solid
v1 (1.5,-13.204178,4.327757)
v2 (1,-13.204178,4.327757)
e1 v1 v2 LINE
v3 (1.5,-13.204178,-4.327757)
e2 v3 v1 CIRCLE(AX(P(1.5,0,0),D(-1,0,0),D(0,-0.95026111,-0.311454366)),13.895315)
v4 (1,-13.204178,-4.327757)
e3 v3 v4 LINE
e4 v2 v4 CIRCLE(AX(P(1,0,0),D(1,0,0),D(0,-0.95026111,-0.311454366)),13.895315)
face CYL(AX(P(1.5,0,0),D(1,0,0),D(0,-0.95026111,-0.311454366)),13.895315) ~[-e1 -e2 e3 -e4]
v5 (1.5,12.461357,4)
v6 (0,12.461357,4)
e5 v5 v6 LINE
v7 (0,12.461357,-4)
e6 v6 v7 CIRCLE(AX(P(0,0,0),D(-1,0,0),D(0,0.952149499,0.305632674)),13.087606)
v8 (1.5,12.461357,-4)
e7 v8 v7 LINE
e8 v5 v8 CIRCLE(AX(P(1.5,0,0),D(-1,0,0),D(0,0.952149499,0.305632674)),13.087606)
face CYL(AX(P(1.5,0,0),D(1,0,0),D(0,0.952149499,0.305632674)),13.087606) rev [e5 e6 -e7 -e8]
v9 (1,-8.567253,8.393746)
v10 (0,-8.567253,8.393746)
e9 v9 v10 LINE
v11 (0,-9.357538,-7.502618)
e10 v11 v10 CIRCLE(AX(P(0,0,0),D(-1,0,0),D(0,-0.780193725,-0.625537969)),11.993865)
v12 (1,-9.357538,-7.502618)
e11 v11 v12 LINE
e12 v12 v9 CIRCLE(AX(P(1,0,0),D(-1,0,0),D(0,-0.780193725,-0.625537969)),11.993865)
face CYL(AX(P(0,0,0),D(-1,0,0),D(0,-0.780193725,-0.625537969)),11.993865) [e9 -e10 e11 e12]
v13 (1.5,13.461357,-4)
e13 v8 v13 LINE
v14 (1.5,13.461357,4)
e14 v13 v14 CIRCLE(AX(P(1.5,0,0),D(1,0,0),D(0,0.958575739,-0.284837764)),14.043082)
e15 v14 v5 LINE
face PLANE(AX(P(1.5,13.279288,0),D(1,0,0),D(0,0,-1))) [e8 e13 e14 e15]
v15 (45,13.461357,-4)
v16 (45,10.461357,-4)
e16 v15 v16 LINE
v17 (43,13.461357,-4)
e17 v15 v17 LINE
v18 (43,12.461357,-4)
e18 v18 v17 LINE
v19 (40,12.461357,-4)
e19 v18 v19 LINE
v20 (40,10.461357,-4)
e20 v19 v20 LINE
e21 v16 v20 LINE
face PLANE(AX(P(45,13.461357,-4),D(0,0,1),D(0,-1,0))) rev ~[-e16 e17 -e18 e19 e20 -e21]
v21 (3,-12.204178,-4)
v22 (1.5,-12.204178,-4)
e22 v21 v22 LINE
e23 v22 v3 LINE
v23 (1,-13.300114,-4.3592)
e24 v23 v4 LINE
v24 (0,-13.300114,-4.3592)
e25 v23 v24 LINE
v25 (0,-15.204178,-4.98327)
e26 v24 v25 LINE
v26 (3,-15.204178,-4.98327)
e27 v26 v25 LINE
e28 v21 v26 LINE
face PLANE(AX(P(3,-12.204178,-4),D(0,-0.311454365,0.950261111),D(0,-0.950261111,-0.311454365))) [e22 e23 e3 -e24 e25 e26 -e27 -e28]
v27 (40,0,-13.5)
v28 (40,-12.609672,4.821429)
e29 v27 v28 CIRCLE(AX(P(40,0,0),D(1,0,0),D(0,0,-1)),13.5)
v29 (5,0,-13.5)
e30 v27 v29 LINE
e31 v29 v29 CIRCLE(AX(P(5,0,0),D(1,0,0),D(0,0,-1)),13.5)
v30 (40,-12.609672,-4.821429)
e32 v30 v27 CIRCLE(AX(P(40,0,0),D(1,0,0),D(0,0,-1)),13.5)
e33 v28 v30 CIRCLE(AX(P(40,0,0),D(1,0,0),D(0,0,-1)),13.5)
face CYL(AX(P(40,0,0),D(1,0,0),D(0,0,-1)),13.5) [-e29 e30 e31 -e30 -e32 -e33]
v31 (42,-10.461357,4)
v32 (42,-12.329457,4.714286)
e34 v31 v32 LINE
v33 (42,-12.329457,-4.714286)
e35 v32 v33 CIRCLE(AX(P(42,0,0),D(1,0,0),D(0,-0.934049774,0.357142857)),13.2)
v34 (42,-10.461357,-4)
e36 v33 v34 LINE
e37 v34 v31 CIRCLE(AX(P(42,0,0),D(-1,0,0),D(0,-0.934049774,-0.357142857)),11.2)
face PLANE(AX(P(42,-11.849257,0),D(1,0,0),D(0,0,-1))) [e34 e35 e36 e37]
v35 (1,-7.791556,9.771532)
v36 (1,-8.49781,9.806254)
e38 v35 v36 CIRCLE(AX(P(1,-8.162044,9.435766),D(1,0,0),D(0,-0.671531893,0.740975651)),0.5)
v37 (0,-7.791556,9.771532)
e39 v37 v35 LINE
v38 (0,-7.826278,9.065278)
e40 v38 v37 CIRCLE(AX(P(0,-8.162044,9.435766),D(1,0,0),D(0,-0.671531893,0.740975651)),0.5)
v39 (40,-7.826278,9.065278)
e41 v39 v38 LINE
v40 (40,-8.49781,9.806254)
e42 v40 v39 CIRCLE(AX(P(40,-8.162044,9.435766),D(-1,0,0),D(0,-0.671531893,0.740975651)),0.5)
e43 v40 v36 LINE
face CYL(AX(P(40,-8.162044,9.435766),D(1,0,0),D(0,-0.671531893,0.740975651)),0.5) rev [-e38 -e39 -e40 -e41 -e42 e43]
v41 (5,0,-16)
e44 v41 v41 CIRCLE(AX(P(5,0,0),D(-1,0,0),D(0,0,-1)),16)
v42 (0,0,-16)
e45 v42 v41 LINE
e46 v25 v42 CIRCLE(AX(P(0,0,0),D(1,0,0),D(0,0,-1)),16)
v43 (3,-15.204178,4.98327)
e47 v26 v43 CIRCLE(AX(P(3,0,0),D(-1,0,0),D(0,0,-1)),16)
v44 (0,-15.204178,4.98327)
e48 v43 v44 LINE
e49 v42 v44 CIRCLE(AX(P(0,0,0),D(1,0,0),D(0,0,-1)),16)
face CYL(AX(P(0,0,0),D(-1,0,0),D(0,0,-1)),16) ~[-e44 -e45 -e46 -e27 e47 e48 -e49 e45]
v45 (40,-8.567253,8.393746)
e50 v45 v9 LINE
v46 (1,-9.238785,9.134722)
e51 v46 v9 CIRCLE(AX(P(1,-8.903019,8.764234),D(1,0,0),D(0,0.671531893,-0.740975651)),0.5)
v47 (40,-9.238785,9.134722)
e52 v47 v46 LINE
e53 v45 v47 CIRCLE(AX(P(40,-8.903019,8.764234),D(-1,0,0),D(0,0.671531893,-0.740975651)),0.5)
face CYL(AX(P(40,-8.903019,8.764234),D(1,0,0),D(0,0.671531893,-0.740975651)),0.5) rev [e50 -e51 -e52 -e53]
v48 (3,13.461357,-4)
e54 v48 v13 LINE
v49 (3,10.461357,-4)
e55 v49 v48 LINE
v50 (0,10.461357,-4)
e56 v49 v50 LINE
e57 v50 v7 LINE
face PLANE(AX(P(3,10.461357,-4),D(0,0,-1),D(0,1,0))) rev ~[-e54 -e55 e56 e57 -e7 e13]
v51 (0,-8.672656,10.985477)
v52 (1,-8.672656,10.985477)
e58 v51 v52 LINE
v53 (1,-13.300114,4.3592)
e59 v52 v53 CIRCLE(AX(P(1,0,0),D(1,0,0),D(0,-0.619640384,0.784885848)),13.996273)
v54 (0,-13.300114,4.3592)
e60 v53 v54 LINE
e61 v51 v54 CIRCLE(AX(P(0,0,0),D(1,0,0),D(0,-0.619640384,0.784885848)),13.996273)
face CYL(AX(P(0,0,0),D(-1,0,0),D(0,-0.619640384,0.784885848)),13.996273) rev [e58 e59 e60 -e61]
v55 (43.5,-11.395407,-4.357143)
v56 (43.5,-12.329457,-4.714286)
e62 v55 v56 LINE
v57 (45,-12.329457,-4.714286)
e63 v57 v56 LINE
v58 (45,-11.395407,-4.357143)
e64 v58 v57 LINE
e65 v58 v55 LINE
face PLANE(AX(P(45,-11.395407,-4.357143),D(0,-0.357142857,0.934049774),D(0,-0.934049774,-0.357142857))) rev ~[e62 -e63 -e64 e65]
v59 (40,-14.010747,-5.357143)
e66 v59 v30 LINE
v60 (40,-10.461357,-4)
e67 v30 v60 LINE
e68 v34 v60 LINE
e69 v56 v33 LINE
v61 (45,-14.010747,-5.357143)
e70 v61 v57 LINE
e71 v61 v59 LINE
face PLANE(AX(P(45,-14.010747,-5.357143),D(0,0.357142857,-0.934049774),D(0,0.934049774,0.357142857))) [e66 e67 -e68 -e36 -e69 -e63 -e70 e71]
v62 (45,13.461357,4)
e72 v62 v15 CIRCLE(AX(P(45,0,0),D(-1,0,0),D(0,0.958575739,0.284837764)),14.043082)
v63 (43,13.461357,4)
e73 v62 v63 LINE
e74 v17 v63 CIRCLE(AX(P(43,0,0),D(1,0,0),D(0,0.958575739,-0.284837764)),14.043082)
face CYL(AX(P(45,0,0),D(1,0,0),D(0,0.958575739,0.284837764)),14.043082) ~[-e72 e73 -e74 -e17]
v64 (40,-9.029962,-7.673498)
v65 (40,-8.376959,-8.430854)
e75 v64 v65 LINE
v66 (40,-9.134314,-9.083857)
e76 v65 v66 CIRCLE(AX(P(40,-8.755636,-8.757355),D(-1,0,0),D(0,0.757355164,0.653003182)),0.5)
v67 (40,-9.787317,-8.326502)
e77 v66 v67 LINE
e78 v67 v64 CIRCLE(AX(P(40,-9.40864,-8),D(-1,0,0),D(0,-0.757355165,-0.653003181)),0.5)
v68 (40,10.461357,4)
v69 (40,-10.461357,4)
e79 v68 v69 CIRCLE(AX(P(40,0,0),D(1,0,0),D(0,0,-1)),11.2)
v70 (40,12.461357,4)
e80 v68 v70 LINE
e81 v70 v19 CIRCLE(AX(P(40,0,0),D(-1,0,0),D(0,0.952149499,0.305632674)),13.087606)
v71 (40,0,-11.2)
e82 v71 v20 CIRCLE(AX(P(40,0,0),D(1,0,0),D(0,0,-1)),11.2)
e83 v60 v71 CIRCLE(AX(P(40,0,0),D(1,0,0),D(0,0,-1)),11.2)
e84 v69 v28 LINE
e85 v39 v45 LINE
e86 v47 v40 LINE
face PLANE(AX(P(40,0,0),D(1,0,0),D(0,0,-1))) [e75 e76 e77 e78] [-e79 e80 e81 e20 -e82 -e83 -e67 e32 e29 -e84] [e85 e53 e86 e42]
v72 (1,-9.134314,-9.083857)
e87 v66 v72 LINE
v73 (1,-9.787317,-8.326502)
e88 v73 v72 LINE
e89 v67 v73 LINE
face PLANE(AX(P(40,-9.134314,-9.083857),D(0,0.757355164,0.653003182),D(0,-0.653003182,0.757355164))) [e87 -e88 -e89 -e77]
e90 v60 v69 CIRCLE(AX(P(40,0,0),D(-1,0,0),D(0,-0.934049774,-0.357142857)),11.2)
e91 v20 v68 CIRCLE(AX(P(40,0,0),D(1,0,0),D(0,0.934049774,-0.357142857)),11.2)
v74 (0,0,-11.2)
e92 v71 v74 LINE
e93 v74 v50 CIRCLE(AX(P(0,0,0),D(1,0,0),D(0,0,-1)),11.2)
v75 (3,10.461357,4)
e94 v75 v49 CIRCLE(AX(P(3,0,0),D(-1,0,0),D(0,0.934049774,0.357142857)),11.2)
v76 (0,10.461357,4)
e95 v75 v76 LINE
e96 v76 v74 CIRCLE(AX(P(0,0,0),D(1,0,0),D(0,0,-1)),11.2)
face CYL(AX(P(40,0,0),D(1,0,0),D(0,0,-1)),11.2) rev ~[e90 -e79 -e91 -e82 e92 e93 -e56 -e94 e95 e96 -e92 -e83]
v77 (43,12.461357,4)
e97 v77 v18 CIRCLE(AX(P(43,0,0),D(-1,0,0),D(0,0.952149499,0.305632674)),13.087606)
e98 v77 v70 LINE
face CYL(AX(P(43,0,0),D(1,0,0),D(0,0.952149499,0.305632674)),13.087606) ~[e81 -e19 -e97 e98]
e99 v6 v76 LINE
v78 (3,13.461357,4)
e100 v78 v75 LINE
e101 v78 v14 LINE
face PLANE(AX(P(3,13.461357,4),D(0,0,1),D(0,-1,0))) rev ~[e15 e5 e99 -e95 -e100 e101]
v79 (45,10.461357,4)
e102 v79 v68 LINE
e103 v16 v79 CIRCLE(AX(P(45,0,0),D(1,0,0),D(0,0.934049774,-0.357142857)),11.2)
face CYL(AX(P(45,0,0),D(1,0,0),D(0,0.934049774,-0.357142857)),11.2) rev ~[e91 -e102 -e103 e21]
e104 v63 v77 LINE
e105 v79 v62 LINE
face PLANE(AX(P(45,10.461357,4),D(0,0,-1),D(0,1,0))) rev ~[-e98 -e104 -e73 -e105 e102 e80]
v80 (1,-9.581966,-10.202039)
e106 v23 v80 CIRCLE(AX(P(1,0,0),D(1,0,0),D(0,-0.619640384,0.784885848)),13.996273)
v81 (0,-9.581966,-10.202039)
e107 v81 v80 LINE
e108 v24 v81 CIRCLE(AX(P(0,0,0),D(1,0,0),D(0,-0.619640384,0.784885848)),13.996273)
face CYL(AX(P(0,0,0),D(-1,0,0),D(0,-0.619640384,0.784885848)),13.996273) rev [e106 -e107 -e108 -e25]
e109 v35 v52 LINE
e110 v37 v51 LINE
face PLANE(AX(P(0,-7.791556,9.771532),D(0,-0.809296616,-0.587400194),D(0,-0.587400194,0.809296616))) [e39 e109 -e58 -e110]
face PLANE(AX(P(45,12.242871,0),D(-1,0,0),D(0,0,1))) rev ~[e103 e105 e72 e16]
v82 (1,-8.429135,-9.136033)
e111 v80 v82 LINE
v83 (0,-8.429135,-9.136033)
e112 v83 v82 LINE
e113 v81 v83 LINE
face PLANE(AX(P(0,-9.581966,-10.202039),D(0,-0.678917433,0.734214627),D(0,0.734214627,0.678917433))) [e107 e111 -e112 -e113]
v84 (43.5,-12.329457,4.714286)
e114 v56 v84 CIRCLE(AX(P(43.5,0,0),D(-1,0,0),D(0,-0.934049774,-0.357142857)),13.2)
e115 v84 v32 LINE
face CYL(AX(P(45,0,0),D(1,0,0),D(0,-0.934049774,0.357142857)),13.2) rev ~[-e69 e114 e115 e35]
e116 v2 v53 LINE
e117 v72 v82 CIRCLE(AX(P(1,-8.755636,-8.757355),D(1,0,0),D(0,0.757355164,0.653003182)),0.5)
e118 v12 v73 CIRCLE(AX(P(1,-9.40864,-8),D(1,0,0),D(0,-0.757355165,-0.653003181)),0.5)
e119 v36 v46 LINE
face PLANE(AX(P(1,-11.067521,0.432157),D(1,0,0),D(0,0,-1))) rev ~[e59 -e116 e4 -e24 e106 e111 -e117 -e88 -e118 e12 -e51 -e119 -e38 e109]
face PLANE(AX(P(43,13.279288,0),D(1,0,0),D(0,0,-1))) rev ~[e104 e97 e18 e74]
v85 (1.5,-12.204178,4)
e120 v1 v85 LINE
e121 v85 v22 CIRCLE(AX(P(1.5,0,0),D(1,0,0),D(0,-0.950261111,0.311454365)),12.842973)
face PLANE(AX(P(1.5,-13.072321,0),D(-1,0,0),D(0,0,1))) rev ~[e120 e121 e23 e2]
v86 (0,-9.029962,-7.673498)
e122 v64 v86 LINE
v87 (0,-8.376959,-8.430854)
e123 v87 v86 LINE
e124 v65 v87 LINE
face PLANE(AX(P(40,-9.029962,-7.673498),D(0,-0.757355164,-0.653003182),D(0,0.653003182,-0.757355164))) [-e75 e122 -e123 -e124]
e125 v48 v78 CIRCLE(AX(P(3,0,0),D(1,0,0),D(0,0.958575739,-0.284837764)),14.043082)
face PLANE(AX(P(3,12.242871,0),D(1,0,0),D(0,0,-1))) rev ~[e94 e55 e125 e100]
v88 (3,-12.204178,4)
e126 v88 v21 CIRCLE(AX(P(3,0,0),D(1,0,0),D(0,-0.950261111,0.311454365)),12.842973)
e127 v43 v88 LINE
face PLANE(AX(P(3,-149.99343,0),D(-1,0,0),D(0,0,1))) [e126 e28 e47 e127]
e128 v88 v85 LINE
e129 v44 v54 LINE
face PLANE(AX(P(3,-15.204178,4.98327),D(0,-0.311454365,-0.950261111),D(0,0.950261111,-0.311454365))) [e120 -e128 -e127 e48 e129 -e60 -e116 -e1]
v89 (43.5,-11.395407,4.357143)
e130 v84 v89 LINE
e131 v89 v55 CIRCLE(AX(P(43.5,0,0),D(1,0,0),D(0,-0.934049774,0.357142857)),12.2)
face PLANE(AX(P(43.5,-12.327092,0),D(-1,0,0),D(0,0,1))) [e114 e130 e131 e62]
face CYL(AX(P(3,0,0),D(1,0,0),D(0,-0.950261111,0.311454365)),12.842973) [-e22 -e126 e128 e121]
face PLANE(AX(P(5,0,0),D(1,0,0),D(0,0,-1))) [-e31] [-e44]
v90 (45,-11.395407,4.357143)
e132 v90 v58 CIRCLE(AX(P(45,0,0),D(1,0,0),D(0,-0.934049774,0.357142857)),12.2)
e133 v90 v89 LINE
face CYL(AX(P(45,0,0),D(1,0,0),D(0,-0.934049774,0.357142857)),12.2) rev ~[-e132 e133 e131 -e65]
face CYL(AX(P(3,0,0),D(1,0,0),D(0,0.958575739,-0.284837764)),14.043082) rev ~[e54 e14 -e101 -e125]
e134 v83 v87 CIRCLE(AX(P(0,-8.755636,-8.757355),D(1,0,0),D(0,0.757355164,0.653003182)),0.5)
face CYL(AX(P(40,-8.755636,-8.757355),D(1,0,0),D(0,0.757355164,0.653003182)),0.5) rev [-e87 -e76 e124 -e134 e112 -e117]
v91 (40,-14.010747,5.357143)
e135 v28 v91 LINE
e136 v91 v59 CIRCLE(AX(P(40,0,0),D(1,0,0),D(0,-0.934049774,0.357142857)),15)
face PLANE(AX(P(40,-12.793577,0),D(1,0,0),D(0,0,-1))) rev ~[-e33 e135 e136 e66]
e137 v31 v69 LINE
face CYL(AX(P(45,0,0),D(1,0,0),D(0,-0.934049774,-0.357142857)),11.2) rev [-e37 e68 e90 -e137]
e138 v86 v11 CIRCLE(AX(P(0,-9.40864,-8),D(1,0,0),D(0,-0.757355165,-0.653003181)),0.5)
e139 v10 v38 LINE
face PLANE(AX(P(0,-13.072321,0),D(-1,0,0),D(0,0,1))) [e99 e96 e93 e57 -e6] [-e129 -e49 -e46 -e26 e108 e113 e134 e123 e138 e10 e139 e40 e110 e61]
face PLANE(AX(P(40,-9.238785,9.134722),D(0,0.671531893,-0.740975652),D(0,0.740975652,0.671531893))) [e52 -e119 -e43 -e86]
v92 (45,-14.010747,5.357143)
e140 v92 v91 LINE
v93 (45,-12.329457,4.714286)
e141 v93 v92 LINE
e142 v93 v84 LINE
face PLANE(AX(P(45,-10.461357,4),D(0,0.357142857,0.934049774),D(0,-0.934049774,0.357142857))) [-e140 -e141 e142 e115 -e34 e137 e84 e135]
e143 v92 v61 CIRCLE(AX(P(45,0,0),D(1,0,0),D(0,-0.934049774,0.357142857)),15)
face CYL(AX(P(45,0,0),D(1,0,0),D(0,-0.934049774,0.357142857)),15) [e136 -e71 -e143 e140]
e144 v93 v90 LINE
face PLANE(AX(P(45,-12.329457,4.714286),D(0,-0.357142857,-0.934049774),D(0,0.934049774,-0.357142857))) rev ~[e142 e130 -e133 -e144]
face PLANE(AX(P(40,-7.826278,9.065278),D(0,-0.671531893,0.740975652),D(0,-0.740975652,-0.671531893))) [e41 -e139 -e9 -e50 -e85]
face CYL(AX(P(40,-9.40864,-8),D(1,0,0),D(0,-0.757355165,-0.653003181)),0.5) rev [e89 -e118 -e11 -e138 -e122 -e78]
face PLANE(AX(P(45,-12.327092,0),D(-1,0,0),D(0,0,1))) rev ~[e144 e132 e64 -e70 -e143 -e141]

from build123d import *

# Parameters (mm, degrees)
SKETCH1_R               = 16
BOSS_EXTRUDE1_DEPTH     = 40
SKETCH2_R               = 11.2
CUT_EXTRUDE1_DEPTH      = 46.956501172
SKETCH3_OUTSIDE_W       = 46.08
SKETCH3_OUTSIDE_H       = 46.08
SKETCH3_OUTSIDE_R       = 13.5
CUT_EXTRUDE2_DEPTH      = 35
CUT_EXTRUDE3_START      = -3
CUT_EXTRUDE3_DEPTH      = 3
CUT_EXTRUDE9_DEPTH      = 46.956501172
CUT_EXTRUDE9_DEPTH_BACK = 3
BOSS_EXTRUDE3_START     = -1.5
BOSS_EXTRUDE3_DEPTH     = 1.5
BOSS_EXTRUDE4_START     = 5
BOSS_EXTRUDE4_DEPTH     = 5
CUT_EXTRUDE10_START     = 3
CUT_EXTRUDE10_DEPTH     = 3
CUT_EXTRUDE11_DEPTH     = 3
BOSS_EXTRUDE5_DEPTH     = 1.5
CUT_EXTRUDE12_DEPTH     = 46.956501172
CUT_EXTRUDE13_DEPTH     = 1


with BuildPart() as part:
    # Sketch1 → Boss-Extrude1 (new body)
    with BuildSketch(Plane(origin=(0, 0, 0), x_dir=(0, 0, -1), z_dir=(1, 0, 0))):
        Circle(SKETCH1_R)
    extrude(amount=BOSS_EXTRUDE1_DEPTH)

    # Sketch2 → Cut-Extrude1 (cut, through all)
    with BuildSketch(Plane(origin=(40, 0, 0), x_dir=(0, 0, -1), z_dir=(1, 0, 0))):
        Circle(SKETCH2_R)
    extrude(amount=-CUT_EXTRUDE1_DEPTH, mode=Mode.SUBTRACT)

    # Sketch3 outside → Cut-Extrude2 (cut)
    with BuildSketch(Plane(origin=(40, 0, 0), x_dir=(0, 0, -1), z_dir=(1, 0, 0))):
        Rectangle(SKETCH3_OUTSIDE_W, SKETCH3_OUTSIDE_H)
        Circle(SKETCH3_OUTSIDE_R, mode=Mode.SUBTRACT)
    extrude(amount=-CUT_EXTRUDE2_DEPTH, mode=Mode.SUBTRACT)

    # Sketch4 → Cut-Extrude3 (cut)
    with BuildSketch(Plane.ZY.offset(CUT_EXTRUDE3_START)):
        with BuildLine():
            Line((-4, 10.461357464), (-4, 13.461357464))
            ThreePointArc((-4, 13.461357464), (0, 14.043081741), (4, 13.461357464))
            Line((4, 13.461357464), (4, 10.461357464))
            ThreePointArc((4, 10.461357464), (0, 11.2), (-4, 10.461357464))
        make_face()
    extrude(amount=CUT_EXTRUDE3_DEPTH, mode=Mode.SUBTRACT)

    # Sketch11 → Cut-Extrude9 (cut, two sides: drawn at the far end of the back side and taken through both)
    with BuildSketch(Plane.ZY.offset(-CUT_EXTRUDE9_DEPTH_BACK)):
        with BuildLine():
            Line((31.521155816, -96.172447268), (4.983269846, -15.204177769))
            Line((4.983269846, -15.204177769), (4, -12.204177769))
            ThreePointArc((4, -12.204177769), (0, -12.842972982), (-4, -12.204177769))
            Line((-4, -12.204177769), (-4.983269846, -15.204177769))
            Line((-4.983269846, -15.204177769), (-31.521155816, -96.172447268))
            Line((-31.521155816, -96.172447268), (-31.521155816, -266.585123526))
            Line((-31.521155816, -266.585123526), (31.521155816, -266.585123526))
            Line((31.521155816, -266.585123526), (31.521155816, -96.172447268))
        make_face()
    extrude(amount=CUT_EXTRUDE9_DEPTH + CUT_EXTRUDE9_DEPTH_BACK, mode=Mode.SUBTRACT)

    # Sketch15 → Boss-Extrude3 (add)
    with BuildSketch(Plane.ZY.offset(BOSS_EXTRUDE3_START)):
        with BuildLine():
            Line((-4, -12.204177769), (-4.327756615, -13.204177769))
            ThreePointArc((-4.327756615, -13.204177769), (0, -13.895315322), (4.327756615, -13.204177769))
            Line((4.327756615, -13.204177769), (4, -12.204177769))
            ThreePointArc((4, -12.204177769), (0, -12.842972982), (-4, -12.204177769))
        make_face()
        with BuildLine():
            Line((-4, 12.461357464), (-4, 13.461357464))
            ThreePointArc((-4, 13.461357464), (0, 14.043081741), (4, 13.461357464))
            Line((4, 13.461357464), (4, 12.461357464))
            ThreePointArc((4, 12.461357464), (0, 13.087605964), (-4, 12.461357464))
        make_face()
    extrude(amount=BOSS_EXTRUDE3_DEPTH)

    # Sketch16 → Boss-Extrude4 (add)
    with BuildSketch(Plane(origin=(40, 0, 0), x_dir=(0, 0, -1), z_dir=(1, 0, 0)).offset(BOSS_EXTRUDE4_START)):
        with BuildLine():
            Line((-4, 10.461357464), (-4, 13.461357464))
            ThreePointArc((-4, 13.461357464), (0, 14.043081741), (4, 13.461357464))
            Line((4, 13.461357464), (4, 10.461357464))
            ThreePointArc((4, 10.461357464), (0, 11.2), (-4, 10.461357464))
        make_face()
        with BuildLine():
            Line((-4, -10.461357464), (-5.357142857, -14.010746604))
            ThreePointArc((-5.357142857, -14.010746604), (0, -15), (5.357142857, -14.010746604))
            Line((5.357142857, -14.010746604), (4, -10.461357464))
            ThreePointArc((4, -10.461357464), (0, -11.2), (-4, -10.461357464))
        make_face()
    extrude(amount=-BOSS_EXTRUDE4_DEPTH)

    # Sketch17 → Cut-Extrude10 (cut)
    with BuildSketch(Plane(origin=(40, 0, 0), x_dir=(0, 0, -1), z_dir=(1, 0, 0)).offset(CUT_EXTRUDE10_START)):
        with BuildLine():
            Line((-4, 13.461357464), (-4, 12.461357464))
            ThreePointArc((-4, 12.461357464), (0, 13.087605964), (4, 12.461357464))
            Line((4, 12.461357464), (4, 13.461357464))
            ThreePointArc((4, 13.461357464), (0, 14.043081741), (-4, 13.461357464))
        make_face()
    extrude(amount=-CUT_EXTRUDE10_DEPTH, mode=Mode.SUBTRACT)

    # Sketch18 → Cut-Extrude11 (cut)
    with BuildSketch(Plane(origin=(45, 0, 0), x_dir=(0, 0, -1), z_dir=(1, 0, 0))):
        with BuildLine():
            Line((-4, -10.461357464), (-4.714285714, -12.329457012))
            ThreePointArc((-4.714285714, -12.329457012), (0, -13.2), (4.714285714, -12.329457012))
            Line((4.714285714, -12.329457012), (4, -10.461357464))
            ThreePointArc((4, -10.461357464), (0, -11.2), (-4, -10.461357464))
        make_face()
    extrude(amount=-CUT_EXTRUDE11_DEPTH, mode=Mode.SUBTRACT)

    # Sketch21 → Boss-Extrude5 (add)
    with BuildSketch(Plane(origin=(45, 0, 0), x_dir=(0, 0, -1), z_dir=(1, 0, 0))):
        with BuildLine():
            Line((-4.714285714, -12.329457012), (-4.357142857, -11.395407238))
            ThreePointArc((-4.357142857, -11.395407238), (0, -12.2), (4.357142857, -11.395407238))
            Line((4.357142857, -11.395407238), (4.714285714, -12.329457012))
            ThreePointArc((4.714285714, -12.329457012), (0, -13.2), (-4.714285714, -12.329457012))
        make_face()
    extrude(amount=-BOSS_EXTRUDE5_DEPTH)

    # Sketch22 → Cut-Extrude12 (cut, through all)
    with BuildSketch(Plane(origin=(40, 0, 0), x_dir=(0, 0, -1), z_dir=(1, 0, 0))):
        with BuildLine():
            Line((7.673498409, -9.029962065), (8.430853573, -8.376958883))
            ThreePointArc((8.430853573, -8.376958883), (9.136032746, -8.429134874), (9.083856755, -9.134314047))
            Line((9.083856755, -9.134314047), (8.326501591, -9.787317229))
            ThreePointArc((8.326501591, -9.787317229), (7.621322418, -9.735141237), (7.673498409, -9.029962065))
        make_face()
        with BuildLine():
            Line((-9.134721879, -9.238785274), (-9.806253772, -8.497809622))
            ThreePointArc((-9.806253772, -8.497809622), (-9.771531893, -7.79155585), (-9.065278121, -7.826277729))
            Line((-9.065278121, -7.826277729), (-8.393746228, -8.567253381))
            ThreePointArc((-8.393746228, -8.567253381), (-8.428468107, -9.273507153), (-9.134721879, -9.238785274))
        make_face()
    extrude(amount=-CUT_EXTRUDE12_DEPTH, mode=Mode.SUBTRACT)

    # Sketch23 → Cut-Extrude13 (cut)
    with BuildSketch(Plane.ZY):
        with BuildLine():
            Line((9.771531893, -7.79155585), (10.985476817, -8.672656141))
            ThreePointArc((10.985476817, -8.672656141), (0.600129097, -13.983401249), (-10.202038674, -9.581965994))
            Line((-10.202038674, -9.581965994), (-9.136032746, -8.429134874))
            Line((-9.136032746, -8.429134874), (-7.502618183, -9.357538492))
            ThreePointArc((-7.502618183, -9.357538492), (0.59553752, -11.979070969), (8.393746228, -8.567253381))
            Line((8.393746228, -8.567253381), (9.771531893, -7.79155585))
        make_face()
    extrude(amount=-CUT_EXTRUDE13_DEPTH, mode=Mode.SUBTRACT)


solid = part.part
